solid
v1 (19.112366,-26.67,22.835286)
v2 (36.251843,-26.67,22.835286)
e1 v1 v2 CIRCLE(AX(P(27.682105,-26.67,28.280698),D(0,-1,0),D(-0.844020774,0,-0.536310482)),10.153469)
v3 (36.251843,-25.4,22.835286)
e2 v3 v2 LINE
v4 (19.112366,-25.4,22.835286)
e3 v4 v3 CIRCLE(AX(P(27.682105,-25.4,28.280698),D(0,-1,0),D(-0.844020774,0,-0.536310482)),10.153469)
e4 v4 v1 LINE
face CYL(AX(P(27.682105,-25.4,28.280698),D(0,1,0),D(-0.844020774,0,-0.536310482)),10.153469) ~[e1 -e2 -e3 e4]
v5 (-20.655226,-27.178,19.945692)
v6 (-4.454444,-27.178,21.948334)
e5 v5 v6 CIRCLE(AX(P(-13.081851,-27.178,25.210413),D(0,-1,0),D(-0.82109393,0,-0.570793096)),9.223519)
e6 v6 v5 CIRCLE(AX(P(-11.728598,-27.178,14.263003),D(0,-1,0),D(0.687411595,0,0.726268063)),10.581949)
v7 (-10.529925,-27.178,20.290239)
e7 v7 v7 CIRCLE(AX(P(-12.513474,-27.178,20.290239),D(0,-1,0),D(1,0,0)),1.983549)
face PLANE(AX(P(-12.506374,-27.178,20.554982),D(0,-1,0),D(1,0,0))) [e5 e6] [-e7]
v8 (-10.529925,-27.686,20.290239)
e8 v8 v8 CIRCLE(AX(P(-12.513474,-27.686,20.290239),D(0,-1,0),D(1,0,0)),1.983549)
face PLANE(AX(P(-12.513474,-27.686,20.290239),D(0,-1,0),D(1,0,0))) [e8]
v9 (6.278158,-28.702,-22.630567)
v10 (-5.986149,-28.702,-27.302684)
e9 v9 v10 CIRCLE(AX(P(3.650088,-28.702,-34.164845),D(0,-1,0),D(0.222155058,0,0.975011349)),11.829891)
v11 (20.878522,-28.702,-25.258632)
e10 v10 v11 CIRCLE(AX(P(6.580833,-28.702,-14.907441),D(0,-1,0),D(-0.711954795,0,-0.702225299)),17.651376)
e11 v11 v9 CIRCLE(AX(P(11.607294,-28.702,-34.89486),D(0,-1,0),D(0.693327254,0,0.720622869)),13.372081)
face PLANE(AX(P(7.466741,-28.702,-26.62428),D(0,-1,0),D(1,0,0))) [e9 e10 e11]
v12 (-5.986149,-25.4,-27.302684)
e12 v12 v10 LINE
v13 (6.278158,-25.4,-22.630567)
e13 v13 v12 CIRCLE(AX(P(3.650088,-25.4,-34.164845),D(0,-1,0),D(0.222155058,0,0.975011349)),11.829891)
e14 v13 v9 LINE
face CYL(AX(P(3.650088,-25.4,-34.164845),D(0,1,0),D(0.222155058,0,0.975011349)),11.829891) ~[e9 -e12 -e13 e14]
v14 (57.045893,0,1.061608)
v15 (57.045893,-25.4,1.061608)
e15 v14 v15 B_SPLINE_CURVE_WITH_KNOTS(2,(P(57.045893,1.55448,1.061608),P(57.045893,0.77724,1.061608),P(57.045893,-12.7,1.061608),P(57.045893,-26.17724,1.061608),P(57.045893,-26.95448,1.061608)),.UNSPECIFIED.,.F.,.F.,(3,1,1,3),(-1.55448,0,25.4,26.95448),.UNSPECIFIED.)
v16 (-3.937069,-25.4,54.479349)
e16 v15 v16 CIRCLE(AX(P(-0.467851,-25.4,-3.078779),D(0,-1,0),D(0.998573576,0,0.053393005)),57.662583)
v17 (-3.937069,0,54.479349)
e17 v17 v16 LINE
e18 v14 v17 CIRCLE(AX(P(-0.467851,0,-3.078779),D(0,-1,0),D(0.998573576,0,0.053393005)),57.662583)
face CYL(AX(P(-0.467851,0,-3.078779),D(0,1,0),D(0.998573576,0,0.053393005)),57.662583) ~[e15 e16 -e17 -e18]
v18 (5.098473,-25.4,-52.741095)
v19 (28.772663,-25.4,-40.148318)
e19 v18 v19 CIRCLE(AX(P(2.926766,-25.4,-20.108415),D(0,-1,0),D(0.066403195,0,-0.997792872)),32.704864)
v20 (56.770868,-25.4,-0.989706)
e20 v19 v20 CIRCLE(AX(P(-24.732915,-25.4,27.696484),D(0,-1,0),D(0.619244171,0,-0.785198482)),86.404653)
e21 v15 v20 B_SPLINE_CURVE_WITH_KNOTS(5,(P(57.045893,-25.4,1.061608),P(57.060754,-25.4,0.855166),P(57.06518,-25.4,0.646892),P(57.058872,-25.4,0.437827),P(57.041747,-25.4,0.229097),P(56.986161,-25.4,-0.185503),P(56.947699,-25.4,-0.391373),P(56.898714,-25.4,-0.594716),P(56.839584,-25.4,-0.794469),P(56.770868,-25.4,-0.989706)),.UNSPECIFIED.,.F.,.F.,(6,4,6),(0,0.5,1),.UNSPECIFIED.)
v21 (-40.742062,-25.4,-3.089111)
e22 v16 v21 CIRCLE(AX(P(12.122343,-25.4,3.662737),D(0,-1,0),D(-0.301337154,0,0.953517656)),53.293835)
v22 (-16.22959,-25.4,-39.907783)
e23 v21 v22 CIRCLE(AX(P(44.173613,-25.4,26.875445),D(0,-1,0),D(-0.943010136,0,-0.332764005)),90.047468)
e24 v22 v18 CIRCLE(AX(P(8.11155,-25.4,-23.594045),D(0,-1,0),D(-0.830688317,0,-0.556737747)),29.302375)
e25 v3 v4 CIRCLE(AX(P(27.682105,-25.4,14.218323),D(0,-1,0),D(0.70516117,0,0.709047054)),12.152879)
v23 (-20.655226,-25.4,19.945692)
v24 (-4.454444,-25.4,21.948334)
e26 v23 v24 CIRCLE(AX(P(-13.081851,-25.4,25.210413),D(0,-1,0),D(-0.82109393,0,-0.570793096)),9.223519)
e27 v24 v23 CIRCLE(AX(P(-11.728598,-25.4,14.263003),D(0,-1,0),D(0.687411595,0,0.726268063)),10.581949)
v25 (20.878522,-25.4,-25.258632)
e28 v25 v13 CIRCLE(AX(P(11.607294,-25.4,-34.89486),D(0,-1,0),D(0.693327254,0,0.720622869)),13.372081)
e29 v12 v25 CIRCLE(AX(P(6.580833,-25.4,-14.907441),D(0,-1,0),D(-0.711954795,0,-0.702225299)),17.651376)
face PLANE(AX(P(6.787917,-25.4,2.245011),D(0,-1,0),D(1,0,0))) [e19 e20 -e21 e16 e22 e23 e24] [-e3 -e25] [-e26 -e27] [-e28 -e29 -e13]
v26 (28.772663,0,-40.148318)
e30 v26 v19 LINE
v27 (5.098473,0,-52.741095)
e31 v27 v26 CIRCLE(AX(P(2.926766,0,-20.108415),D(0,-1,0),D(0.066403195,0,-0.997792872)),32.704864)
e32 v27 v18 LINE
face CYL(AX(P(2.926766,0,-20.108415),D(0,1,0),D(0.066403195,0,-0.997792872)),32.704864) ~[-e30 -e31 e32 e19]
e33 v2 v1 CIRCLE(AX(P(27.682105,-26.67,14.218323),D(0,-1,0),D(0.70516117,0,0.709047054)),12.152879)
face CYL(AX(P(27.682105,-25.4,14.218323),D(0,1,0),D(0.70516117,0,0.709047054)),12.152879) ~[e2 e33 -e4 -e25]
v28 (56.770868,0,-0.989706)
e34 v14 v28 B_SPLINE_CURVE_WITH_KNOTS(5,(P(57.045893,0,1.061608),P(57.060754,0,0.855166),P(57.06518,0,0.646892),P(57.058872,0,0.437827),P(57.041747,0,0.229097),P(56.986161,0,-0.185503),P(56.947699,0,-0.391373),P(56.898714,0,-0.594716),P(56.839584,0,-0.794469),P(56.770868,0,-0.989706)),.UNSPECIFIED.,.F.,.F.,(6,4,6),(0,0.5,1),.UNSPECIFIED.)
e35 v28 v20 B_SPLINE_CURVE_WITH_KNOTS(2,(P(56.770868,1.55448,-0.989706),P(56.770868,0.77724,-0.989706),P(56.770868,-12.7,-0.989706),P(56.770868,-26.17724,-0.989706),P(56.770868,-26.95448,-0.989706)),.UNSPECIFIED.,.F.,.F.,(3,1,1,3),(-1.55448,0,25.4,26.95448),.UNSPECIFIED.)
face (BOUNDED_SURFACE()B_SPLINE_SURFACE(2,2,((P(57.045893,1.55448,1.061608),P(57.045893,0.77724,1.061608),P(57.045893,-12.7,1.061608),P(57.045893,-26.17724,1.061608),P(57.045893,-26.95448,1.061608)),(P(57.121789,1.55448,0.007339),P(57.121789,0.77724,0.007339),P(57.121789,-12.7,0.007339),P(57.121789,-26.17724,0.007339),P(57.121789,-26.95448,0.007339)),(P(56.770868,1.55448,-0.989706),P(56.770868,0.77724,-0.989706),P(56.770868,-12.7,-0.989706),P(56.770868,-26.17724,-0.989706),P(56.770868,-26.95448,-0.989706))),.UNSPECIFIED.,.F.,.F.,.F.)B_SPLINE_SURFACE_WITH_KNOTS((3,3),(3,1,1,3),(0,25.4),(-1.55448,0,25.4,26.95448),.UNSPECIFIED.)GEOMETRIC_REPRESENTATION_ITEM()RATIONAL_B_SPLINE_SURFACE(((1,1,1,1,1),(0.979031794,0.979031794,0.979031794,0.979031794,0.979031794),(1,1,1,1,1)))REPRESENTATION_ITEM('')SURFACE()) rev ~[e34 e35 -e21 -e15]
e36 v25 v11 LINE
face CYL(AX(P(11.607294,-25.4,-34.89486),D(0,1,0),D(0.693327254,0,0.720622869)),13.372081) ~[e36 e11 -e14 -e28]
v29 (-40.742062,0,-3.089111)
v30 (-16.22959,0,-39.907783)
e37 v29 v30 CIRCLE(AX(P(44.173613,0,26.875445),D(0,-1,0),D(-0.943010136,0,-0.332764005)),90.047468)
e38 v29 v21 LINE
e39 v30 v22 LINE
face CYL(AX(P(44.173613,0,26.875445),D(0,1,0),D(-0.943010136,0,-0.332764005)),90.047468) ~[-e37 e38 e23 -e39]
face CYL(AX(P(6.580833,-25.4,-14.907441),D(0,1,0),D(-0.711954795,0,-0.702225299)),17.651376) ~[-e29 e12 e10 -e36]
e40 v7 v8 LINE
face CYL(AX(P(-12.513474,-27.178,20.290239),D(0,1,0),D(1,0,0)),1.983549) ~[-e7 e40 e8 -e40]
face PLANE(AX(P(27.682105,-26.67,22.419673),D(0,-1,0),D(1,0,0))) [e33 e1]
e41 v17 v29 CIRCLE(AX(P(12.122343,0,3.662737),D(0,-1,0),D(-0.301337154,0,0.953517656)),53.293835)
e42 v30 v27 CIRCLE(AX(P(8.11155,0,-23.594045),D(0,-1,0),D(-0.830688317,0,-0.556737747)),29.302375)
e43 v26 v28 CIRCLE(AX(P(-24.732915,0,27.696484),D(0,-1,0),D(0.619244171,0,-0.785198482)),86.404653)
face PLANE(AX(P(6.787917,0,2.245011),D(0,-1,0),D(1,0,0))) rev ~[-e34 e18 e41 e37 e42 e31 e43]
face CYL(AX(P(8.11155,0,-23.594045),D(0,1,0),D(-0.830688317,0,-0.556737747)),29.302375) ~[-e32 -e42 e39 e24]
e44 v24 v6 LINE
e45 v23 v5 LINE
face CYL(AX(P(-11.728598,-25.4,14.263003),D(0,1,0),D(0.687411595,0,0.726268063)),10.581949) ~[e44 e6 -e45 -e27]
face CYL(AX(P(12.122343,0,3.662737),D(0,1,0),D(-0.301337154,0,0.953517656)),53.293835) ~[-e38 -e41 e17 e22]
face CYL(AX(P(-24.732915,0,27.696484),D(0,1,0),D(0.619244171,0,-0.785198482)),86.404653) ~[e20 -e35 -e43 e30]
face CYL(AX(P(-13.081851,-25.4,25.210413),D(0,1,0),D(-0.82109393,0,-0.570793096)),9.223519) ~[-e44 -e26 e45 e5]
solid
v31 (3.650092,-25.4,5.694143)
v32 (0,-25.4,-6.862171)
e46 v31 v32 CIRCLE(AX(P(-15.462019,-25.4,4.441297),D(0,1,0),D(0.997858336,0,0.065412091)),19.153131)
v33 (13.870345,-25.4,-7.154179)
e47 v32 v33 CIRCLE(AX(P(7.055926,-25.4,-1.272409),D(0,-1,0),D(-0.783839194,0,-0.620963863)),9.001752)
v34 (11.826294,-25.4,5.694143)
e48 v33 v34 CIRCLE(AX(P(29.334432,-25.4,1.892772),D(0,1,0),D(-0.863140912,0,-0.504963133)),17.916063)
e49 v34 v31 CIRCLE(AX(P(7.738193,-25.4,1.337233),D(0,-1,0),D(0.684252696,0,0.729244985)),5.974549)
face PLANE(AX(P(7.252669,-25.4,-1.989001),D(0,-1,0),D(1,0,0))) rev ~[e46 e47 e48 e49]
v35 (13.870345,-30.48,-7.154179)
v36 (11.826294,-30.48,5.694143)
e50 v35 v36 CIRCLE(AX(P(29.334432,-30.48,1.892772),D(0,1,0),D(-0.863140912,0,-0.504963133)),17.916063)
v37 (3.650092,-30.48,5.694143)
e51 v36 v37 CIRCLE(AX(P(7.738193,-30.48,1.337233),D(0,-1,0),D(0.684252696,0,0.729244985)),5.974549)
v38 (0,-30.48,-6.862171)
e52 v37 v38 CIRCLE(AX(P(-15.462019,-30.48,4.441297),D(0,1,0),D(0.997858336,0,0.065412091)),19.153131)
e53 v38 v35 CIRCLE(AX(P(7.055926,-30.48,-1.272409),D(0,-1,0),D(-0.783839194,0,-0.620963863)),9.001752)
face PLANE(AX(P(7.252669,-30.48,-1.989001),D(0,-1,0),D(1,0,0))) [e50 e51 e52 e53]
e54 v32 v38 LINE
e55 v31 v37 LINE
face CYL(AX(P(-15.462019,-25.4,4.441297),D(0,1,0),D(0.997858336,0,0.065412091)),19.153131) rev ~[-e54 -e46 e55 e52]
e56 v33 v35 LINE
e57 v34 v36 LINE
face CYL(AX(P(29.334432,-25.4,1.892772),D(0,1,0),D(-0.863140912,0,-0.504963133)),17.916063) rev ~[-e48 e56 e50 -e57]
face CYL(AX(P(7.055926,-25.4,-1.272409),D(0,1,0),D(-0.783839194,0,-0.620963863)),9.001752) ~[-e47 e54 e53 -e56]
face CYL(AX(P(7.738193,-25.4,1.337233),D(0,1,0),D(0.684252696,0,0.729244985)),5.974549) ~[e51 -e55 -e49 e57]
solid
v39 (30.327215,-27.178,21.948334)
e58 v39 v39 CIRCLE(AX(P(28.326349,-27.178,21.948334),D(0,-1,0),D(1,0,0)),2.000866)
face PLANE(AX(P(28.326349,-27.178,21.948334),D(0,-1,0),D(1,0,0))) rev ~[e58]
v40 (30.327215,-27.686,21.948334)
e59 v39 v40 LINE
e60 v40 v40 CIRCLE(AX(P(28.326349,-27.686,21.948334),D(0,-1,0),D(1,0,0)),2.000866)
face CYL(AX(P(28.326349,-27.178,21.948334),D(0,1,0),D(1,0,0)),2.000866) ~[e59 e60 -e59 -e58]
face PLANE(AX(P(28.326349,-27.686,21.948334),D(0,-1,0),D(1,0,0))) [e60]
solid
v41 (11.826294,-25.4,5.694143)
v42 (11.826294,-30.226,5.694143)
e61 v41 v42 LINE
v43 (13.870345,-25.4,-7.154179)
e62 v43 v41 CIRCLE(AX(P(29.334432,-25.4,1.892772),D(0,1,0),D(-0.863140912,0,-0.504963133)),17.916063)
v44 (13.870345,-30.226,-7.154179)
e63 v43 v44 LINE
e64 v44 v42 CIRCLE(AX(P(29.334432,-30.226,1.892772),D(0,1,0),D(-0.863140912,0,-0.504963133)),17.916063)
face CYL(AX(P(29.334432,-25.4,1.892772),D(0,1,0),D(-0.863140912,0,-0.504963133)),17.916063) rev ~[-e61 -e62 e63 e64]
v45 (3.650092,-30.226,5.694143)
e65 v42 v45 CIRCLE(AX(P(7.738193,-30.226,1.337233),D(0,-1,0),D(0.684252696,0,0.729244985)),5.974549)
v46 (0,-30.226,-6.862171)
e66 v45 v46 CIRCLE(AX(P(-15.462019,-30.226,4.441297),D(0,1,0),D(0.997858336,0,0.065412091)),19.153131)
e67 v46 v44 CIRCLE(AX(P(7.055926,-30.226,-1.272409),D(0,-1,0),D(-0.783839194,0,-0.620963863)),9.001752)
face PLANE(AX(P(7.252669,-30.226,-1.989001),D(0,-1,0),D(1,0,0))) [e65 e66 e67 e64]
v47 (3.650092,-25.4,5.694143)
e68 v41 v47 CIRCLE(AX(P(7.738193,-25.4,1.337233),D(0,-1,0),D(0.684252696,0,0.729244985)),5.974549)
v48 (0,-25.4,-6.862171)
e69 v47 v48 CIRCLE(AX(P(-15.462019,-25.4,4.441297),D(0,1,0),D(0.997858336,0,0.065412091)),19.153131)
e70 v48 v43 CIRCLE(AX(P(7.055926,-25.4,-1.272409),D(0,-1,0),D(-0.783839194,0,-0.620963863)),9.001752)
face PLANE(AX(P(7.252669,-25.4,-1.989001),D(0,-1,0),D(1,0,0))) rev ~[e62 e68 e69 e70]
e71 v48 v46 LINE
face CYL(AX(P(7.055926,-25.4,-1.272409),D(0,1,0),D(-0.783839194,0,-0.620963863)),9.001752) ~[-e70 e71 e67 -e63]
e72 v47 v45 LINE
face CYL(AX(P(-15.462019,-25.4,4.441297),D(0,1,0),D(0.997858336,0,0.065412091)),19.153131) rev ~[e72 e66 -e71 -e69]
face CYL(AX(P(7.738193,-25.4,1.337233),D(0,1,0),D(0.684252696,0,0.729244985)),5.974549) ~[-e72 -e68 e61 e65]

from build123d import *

# Parameters (mm, degrees)
F1_DEPTH  = 25.4
F2_R      = 5.08
F7_DEPTH  = 1.778
F8_DEPTH  = 1.27
F9_R      = 1.983549
F9_R_2    = 2.000866
F10_DEPTH = 0.508
F13_DEPTH = 3.302
F15_DEPTH = 4.826
F16_DEPTH = 5.08


with BuildPart() as f1:
    # F0 (on Front) → F1 (new body)
    with BuildSketch(Plane.XZ):
        with BuildLine():
            ThreePointArc((57.112481, 0), (37.924896, 39.944128), (-3.937069, 54.479349))
            ThreePointArc((-3.937069, 54.479349), (-32.779272, 32.369491), (-40.742062, -3.089111))
            ThreePointArc((-40.742062, -3.089111), (-30.781692, -23.026947), (-16.22959, -39.907783))
            ThreePointArc((-16.22959, -39.907783), (-6.995957, -48.701661), (5.098473, -52.741095))
            ThreePointArc((5.098473, -52.741095), (18.285511, -48.982574), (28.772663, -40.148318))
            ThreePointArc((28.772663, -40.148318), (45.857052, -22.131426), (57.112481, 0))
        make_face()
    extrude(amount=F1_DEPTH)

    # F2
    f2_edges = [f1.edges().sort_by_distance(p)[0] for p in [
        (57.112481, -12.7, 0),
    ]]
    fillet(f2_edges, radius=F2_R)

    # F5 (on face) → F7 (join)
    with BuildSketch(Plane.XZ.offset(25.4)):
        with BuildLine():
            ThreePointArc((-20.655226, 19.945692), (-11.950308, 16.056566), (-4.454444, 21.948334))
            ThreePointArc((-4.454444, 21.948334), (-13.026794, 24.765018), (-20.655226, 19.945692))
        make_face()
    extrude(amount=F7_DEPTH)

    # F6 (on face) → F8 (join)
    with BuildSketch(Plane.XZ.offset(25.4)):
        with BuildLine():
            ThreePointArc((19.112366, 22.835286), (27.682105, 18.127229), (36.251843, 22.835286))
            ThreePointArc((36.251843, 22.835286), (27.682105, 26.371202), (19.112366, 22.835286))
        make_face()
    extrude(amount=F8_DEPTH)

    # F9 (on face) → F10 (join)
    with BuildSketch(Plane.XZ.offset(27.178)):
        with Locations((-12.513474, 20.290239)):
            Circle(F9_R)
        with Locations((28.326349, 21.948334)):
            Circle(F9_R_2)
    extrude(amount=F10_DEPTH)

    # F12 (on face) → F13 (join)
    with BuildSketch(Plane.XZ.offset(25.4)):
        with BuildLine():
            ThreePointArc((20.878522, -25.258632), (13.976197, -21.73428), (6.278158, -22.630567))
            ThreePointArc((6.278158, -22.630567), (-0.561298, -23.109957), (-5.986149, -27.302684))
            ThreePointArc((-5.986149, -27.302684), (7.920002, -32.507944), (20.878522, -25.258632))
        make_face()
    extrude(amount=F13_DEPTH)


with BuildPart() as f15:
    # F14 (on face) → F15 (new body)
    with BuildSketch(Plane.XZ.offset(25.4)):
        with BuildLine():
            ThreePointArc((3.650092, 5.694143), (2.929769, -0.905155), (0, -6.862171))
            ThreePointArc((0, -6.862171), (6.866457, -10.272166), (13.870345, -7.154179))
            ThreePointArc((13.870345, -7.154179), (11.640881, -0.922111), (11.826294, 5.694143))
            ThreePointArc((11.826294, 5.694143), (7.738193, 7.311782), (3.650092, 5.694143))
        make_face()
    extrude(amount=F15_DEPTH)


with BuildPart() as f16:
    # F14 (on face) → F16 (new body)
    with BuildSketch(Plane.XZ.offset(25.4)):
        with BuildLine():
            ThreePointArc((3.650092, 5.694143), (2.929769, -0.905155), (0, -6.862171))
            ThreePointArc((0, -6.862171), (6.866457, -10.272166), (13.870345, -7.154179))
            ThreePointArc((13.870345, -7.154179), (11.640881, -0.922111), (11.826294, 5.694143))
            ThreePointArc((11.826294, 5.694143), (7.738193, 7.311782), (3.650092, 5.694143))
        make_face()
    extrude(amount=F16_DEPTH)


solid = Compound([f1.part, f15.part, f16.part])
